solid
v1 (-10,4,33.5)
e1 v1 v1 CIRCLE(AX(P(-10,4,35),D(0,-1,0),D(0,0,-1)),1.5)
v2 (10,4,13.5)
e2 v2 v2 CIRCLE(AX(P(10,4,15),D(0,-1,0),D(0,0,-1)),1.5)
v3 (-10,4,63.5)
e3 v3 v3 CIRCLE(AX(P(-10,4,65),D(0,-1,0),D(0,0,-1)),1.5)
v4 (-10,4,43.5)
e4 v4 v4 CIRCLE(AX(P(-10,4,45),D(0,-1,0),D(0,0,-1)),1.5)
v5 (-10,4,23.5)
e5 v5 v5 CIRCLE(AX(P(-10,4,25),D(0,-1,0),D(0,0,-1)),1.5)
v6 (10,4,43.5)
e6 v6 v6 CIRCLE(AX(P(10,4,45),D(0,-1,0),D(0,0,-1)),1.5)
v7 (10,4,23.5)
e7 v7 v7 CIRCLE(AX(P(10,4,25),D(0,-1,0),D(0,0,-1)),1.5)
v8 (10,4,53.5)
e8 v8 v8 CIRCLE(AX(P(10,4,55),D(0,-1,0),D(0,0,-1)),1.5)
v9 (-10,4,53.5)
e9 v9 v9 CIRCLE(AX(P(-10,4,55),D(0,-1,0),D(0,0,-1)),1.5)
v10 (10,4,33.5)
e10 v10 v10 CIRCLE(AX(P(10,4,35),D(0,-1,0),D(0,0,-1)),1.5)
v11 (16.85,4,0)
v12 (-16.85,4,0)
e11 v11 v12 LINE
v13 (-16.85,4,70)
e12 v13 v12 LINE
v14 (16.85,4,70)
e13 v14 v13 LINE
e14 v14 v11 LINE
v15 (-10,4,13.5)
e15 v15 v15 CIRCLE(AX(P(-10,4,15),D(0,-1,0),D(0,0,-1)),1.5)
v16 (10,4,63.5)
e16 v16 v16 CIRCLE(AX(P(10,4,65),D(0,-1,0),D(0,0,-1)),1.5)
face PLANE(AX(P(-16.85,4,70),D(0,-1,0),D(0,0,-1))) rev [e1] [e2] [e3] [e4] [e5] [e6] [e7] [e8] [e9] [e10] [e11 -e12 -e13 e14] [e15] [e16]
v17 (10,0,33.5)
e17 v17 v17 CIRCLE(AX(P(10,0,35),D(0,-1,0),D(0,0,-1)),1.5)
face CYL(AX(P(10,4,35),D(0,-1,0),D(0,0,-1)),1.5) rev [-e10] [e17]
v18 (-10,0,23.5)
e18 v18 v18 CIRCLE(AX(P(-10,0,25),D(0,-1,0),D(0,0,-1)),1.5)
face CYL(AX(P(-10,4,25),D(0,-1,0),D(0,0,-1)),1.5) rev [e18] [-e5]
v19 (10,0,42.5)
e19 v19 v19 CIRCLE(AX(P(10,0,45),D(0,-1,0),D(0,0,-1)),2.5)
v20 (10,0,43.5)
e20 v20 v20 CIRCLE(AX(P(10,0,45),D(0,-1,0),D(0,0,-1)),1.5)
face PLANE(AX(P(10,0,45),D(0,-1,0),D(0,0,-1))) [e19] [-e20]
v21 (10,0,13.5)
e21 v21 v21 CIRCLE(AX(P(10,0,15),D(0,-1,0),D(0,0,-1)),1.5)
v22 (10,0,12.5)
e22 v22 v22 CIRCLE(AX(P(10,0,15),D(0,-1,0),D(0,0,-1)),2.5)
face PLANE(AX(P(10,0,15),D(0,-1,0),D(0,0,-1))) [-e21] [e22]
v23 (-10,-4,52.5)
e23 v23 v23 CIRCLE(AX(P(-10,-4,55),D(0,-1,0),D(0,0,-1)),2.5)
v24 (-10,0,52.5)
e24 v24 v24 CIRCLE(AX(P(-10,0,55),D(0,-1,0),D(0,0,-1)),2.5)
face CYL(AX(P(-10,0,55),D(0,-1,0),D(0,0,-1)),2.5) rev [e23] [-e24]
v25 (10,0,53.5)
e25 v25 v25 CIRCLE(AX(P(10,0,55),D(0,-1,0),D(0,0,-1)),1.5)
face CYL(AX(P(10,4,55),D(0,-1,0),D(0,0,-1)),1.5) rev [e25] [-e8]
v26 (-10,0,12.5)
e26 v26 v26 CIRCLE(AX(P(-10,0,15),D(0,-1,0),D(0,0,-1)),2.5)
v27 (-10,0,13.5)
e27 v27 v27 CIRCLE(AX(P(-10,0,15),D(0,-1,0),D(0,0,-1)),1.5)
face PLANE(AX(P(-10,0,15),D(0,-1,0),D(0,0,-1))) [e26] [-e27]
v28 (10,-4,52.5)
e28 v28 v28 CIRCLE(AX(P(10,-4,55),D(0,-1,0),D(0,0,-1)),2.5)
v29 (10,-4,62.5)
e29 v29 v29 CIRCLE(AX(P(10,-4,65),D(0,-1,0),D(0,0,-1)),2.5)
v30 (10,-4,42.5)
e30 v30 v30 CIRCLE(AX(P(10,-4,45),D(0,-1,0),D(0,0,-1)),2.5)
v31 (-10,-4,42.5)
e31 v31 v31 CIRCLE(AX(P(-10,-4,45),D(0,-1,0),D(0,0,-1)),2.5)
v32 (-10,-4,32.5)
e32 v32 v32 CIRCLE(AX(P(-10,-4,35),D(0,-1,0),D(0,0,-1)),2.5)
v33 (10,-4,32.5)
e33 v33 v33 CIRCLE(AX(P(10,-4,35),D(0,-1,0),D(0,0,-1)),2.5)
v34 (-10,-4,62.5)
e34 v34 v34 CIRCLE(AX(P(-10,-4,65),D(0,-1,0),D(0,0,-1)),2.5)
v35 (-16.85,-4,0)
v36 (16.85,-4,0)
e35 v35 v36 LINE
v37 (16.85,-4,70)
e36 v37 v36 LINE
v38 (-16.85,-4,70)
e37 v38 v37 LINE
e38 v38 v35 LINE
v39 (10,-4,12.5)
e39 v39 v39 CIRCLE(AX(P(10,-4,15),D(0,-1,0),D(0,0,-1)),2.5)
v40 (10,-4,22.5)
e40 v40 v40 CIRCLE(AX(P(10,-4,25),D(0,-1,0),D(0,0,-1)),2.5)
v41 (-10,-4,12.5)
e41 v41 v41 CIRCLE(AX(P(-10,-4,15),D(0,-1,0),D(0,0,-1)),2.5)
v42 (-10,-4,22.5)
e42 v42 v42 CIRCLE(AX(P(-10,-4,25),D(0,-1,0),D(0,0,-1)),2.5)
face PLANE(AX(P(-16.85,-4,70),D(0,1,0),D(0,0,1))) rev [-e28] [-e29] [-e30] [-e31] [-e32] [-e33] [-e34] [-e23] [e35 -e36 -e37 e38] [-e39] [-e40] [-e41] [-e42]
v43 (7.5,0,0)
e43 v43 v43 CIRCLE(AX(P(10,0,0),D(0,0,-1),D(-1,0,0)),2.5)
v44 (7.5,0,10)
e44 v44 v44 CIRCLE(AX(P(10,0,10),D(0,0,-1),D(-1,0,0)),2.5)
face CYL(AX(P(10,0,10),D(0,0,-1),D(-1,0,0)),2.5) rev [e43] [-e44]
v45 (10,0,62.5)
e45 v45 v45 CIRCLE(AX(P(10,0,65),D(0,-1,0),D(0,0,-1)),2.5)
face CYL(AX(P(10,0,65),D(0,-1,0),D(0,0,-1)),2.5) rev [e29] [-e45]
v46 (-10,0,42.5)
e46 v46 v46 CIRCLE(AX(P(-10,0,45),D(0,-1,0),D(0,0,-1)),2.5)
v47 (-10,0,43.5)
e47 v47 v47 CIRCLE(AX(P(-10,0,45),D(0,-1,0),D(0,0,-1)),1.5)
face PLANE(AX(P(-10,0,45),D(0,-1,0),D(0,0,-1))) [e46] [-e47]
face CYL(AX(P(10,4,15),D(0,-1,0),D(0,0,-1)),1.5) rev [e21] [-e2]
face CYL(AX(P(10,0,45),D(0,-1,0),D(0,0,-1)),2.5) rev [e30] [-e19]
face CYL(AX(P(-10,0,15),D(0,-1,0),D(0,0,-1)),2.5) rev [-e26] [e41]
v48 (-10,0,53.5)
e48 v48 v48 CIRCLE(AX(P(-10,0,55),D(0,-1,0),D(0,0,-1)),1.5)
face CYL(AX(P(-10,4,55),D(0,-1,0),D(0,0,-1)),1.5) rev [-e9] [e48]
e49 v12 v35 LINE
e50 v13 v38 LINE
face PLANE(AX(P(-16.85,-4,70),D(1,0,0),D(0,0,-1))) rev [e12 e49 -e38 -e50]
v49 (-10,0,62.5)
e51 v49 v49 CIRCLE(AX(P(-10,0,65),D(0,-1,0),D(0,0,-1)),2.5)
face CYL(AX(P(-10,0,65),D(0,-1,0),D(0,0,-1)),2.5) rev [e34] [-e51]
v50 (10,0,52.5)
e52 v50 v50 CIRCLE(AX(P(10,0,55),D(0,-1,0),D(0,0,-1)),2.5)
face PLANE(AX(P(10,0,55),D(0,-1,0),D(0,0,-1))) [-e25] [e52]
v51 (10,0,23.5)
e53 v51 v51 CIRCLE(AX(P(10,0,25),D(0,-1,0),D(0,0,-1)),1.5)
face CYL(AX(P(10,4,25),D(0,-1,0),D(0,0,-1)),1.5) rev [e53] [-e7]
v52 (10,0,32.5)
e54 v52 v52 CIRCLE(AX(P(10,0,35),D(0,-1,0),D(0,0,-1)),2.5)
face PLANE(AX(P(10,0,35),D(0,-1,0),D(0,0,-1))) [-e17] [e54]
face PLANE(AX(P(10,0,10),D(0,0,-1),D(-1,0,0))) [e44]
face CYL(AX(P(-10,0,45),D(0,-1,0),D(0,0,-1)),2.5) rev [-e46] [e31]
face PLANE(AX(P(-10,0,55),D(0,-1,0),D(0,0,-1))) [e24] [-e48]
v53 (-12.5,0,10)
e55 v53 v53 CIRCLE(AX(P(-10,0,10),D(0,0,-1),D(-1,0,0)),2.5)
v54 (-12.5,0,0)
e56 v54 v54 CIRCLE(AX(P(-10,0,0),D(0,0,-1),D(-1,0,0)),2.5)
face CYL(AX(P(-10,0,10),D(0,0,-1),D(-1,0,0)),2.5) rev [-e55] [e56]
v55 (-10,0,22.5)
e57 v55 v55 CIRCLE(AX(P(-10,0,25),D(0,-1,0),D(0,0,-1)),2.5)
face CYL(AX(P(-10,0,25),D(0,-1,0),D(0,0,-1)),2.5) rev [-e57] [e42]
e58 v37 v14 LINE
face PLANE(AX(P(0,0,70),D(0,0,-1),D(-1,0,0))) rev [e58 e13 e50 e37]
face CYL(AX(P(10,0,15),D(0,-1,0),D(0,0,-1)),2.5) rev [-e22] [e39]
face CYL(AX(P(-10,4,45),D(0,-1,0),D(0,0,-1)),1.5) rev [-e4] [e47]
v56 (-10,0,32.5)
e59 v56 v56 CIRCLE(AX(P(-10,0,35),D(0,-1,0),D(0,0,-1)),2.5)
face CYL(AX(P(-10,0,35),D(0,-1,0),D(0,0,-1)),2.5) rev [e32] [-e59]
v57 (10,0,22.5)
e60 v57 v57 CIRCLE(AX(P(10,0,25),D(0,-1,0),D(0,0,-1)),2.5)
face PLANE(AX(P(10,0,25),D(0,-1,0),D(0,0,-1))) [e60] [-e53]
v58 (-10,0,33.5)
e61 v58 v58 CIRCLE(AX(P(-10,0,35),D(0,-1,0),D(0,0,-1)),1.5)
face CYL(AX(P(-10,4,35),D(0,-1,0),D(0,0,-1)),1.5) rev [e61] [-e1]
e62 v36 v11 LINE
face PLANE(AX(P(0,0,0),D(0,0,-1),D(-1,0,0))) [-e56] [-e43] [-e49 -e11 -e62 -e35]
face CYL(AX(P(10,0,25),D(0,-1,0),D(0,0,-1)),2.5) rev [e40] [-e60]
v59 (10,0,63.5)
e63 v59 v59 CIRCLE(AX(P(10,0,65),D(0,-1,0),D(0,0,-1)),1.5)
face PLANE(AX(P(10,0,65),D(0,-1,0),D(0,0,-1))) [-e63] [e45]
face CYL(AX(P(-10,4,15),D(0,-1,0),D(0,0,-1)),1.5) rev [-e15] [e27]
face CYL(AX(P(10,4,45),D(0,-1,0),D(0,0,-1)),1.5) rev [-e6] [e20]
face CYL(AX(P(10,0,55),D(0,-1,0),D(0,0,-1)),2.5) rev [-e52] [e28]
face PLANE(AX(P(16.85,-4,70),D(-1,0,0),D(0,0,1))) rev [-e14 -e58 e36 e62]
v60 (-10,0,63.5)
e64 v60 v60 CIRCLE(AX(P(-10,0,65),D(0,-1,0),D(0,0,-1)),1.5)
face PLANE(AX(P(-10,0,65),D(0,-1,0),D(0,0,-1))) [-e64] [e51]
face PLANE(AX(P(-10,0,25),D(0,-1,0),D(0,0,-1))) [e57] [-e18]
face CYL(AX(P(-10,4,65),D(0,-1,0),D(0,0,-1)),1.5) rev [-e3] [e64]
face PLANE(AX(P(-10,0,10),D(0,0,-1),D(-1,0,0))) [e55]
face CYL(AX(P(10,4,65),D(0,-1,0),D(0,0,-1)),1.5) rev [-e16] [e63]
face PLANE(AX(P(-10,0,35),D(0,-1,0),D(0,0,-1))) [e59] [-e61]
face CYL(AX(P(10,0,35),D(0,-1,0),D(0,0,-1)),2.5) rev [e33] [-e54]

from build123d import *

# Parameters (mm, degrees)
SKETCH_1_W             = 33.7
SKETCH_1_H             = 8
EXTRUDE_1_DEPTH        = 70
SKETCH_2_R             = 2.5
CUT_EXTRUDE_1_DEPTH    = 10
SKETCH_3_R             = 2.5
CUT_EXTRUDE_2_DEPTH    = 4
SKETCH_4_R             = 1.5
CUT_EXTRUDE_3_DEPTH    = 4
PATTERN_LINEAR_1_COUNT = 6
PATTERN_LINEAR_1_PITCH = 10


with BuildPart() as part:
    # 草图1 → 凸台-拉伸1 (new body)
    with BuildSketch(Plane.XY):
        Rectangle(SKETCH_1_W, SKETCH_1_H)
    extrude(amount=EXTRUDE_1_DEPTH)

    # 草图2 → 切除-拉伸1 (cut)
    with BuildSketch(Plane(origin=(0, 0, 0), x_dir=(-1, 0, 0), z_dir=(0, 0, -1))):
        with Locations((10, 0)):
            Circle(SKETCH_2_R)
        with Locations((-10, 0)):
            Circle(SKETCH_2_R)
    extrude(amount=-CUT_EXTRUDE_1_DEPTH, mode=Mode.SUBTRACT)

    # 草图3 → 切除-拉伸2 (cut)
    with BuildSketch(Plane.XZ.offset(4)):
        with Locations(Location((-10, 15, 0), (0, 0, 270))):
            Circle(SKETCH_3_R)
        with Locations(Location((10, 15, 0), (0, 0, 270))):
            Circle(SKETCH_3_R)
    cut_extrude_2 = extrude(amount=-CUT_EXTRUDE_2_DEPTH, mode=Mode.SUBTRACT)

    # 草图4 → 切除-拉伸3 (cut)
    with BuildSketch(Plane(origin=(0, 0, 0), x_dir=(-1, 0, 0), z_dir=(0, -1, 0))):
        with Locations(Location((10, -15, 0), (0, 0, 90))):
            Circle(SKETCH_4_R)
        with Locations(Location((-10, -15, 0), (0, 0, 90))):
            Circle(SKETCH_4_R)
    cut_extrude_3 = extrude(amount=-CUT_EXTRUDE_3_DEPTH, mode=Mode.SUBTRACT)

    # 阵列(线性)1: 切除-拉伸2, 切除-拉伸3 ×6
    with Locations(*[(0, 0, i * PATTERN_LINEAR_1_PITCH) for i in range(1, PATTERN_LINEAR_1_COUNT)]):
        add(cut_extrude_2, mode=Mode.SUBTRACT)
        add(cut_extrude_3, mode=Mode.SUBTRACT)


solid = part.part
